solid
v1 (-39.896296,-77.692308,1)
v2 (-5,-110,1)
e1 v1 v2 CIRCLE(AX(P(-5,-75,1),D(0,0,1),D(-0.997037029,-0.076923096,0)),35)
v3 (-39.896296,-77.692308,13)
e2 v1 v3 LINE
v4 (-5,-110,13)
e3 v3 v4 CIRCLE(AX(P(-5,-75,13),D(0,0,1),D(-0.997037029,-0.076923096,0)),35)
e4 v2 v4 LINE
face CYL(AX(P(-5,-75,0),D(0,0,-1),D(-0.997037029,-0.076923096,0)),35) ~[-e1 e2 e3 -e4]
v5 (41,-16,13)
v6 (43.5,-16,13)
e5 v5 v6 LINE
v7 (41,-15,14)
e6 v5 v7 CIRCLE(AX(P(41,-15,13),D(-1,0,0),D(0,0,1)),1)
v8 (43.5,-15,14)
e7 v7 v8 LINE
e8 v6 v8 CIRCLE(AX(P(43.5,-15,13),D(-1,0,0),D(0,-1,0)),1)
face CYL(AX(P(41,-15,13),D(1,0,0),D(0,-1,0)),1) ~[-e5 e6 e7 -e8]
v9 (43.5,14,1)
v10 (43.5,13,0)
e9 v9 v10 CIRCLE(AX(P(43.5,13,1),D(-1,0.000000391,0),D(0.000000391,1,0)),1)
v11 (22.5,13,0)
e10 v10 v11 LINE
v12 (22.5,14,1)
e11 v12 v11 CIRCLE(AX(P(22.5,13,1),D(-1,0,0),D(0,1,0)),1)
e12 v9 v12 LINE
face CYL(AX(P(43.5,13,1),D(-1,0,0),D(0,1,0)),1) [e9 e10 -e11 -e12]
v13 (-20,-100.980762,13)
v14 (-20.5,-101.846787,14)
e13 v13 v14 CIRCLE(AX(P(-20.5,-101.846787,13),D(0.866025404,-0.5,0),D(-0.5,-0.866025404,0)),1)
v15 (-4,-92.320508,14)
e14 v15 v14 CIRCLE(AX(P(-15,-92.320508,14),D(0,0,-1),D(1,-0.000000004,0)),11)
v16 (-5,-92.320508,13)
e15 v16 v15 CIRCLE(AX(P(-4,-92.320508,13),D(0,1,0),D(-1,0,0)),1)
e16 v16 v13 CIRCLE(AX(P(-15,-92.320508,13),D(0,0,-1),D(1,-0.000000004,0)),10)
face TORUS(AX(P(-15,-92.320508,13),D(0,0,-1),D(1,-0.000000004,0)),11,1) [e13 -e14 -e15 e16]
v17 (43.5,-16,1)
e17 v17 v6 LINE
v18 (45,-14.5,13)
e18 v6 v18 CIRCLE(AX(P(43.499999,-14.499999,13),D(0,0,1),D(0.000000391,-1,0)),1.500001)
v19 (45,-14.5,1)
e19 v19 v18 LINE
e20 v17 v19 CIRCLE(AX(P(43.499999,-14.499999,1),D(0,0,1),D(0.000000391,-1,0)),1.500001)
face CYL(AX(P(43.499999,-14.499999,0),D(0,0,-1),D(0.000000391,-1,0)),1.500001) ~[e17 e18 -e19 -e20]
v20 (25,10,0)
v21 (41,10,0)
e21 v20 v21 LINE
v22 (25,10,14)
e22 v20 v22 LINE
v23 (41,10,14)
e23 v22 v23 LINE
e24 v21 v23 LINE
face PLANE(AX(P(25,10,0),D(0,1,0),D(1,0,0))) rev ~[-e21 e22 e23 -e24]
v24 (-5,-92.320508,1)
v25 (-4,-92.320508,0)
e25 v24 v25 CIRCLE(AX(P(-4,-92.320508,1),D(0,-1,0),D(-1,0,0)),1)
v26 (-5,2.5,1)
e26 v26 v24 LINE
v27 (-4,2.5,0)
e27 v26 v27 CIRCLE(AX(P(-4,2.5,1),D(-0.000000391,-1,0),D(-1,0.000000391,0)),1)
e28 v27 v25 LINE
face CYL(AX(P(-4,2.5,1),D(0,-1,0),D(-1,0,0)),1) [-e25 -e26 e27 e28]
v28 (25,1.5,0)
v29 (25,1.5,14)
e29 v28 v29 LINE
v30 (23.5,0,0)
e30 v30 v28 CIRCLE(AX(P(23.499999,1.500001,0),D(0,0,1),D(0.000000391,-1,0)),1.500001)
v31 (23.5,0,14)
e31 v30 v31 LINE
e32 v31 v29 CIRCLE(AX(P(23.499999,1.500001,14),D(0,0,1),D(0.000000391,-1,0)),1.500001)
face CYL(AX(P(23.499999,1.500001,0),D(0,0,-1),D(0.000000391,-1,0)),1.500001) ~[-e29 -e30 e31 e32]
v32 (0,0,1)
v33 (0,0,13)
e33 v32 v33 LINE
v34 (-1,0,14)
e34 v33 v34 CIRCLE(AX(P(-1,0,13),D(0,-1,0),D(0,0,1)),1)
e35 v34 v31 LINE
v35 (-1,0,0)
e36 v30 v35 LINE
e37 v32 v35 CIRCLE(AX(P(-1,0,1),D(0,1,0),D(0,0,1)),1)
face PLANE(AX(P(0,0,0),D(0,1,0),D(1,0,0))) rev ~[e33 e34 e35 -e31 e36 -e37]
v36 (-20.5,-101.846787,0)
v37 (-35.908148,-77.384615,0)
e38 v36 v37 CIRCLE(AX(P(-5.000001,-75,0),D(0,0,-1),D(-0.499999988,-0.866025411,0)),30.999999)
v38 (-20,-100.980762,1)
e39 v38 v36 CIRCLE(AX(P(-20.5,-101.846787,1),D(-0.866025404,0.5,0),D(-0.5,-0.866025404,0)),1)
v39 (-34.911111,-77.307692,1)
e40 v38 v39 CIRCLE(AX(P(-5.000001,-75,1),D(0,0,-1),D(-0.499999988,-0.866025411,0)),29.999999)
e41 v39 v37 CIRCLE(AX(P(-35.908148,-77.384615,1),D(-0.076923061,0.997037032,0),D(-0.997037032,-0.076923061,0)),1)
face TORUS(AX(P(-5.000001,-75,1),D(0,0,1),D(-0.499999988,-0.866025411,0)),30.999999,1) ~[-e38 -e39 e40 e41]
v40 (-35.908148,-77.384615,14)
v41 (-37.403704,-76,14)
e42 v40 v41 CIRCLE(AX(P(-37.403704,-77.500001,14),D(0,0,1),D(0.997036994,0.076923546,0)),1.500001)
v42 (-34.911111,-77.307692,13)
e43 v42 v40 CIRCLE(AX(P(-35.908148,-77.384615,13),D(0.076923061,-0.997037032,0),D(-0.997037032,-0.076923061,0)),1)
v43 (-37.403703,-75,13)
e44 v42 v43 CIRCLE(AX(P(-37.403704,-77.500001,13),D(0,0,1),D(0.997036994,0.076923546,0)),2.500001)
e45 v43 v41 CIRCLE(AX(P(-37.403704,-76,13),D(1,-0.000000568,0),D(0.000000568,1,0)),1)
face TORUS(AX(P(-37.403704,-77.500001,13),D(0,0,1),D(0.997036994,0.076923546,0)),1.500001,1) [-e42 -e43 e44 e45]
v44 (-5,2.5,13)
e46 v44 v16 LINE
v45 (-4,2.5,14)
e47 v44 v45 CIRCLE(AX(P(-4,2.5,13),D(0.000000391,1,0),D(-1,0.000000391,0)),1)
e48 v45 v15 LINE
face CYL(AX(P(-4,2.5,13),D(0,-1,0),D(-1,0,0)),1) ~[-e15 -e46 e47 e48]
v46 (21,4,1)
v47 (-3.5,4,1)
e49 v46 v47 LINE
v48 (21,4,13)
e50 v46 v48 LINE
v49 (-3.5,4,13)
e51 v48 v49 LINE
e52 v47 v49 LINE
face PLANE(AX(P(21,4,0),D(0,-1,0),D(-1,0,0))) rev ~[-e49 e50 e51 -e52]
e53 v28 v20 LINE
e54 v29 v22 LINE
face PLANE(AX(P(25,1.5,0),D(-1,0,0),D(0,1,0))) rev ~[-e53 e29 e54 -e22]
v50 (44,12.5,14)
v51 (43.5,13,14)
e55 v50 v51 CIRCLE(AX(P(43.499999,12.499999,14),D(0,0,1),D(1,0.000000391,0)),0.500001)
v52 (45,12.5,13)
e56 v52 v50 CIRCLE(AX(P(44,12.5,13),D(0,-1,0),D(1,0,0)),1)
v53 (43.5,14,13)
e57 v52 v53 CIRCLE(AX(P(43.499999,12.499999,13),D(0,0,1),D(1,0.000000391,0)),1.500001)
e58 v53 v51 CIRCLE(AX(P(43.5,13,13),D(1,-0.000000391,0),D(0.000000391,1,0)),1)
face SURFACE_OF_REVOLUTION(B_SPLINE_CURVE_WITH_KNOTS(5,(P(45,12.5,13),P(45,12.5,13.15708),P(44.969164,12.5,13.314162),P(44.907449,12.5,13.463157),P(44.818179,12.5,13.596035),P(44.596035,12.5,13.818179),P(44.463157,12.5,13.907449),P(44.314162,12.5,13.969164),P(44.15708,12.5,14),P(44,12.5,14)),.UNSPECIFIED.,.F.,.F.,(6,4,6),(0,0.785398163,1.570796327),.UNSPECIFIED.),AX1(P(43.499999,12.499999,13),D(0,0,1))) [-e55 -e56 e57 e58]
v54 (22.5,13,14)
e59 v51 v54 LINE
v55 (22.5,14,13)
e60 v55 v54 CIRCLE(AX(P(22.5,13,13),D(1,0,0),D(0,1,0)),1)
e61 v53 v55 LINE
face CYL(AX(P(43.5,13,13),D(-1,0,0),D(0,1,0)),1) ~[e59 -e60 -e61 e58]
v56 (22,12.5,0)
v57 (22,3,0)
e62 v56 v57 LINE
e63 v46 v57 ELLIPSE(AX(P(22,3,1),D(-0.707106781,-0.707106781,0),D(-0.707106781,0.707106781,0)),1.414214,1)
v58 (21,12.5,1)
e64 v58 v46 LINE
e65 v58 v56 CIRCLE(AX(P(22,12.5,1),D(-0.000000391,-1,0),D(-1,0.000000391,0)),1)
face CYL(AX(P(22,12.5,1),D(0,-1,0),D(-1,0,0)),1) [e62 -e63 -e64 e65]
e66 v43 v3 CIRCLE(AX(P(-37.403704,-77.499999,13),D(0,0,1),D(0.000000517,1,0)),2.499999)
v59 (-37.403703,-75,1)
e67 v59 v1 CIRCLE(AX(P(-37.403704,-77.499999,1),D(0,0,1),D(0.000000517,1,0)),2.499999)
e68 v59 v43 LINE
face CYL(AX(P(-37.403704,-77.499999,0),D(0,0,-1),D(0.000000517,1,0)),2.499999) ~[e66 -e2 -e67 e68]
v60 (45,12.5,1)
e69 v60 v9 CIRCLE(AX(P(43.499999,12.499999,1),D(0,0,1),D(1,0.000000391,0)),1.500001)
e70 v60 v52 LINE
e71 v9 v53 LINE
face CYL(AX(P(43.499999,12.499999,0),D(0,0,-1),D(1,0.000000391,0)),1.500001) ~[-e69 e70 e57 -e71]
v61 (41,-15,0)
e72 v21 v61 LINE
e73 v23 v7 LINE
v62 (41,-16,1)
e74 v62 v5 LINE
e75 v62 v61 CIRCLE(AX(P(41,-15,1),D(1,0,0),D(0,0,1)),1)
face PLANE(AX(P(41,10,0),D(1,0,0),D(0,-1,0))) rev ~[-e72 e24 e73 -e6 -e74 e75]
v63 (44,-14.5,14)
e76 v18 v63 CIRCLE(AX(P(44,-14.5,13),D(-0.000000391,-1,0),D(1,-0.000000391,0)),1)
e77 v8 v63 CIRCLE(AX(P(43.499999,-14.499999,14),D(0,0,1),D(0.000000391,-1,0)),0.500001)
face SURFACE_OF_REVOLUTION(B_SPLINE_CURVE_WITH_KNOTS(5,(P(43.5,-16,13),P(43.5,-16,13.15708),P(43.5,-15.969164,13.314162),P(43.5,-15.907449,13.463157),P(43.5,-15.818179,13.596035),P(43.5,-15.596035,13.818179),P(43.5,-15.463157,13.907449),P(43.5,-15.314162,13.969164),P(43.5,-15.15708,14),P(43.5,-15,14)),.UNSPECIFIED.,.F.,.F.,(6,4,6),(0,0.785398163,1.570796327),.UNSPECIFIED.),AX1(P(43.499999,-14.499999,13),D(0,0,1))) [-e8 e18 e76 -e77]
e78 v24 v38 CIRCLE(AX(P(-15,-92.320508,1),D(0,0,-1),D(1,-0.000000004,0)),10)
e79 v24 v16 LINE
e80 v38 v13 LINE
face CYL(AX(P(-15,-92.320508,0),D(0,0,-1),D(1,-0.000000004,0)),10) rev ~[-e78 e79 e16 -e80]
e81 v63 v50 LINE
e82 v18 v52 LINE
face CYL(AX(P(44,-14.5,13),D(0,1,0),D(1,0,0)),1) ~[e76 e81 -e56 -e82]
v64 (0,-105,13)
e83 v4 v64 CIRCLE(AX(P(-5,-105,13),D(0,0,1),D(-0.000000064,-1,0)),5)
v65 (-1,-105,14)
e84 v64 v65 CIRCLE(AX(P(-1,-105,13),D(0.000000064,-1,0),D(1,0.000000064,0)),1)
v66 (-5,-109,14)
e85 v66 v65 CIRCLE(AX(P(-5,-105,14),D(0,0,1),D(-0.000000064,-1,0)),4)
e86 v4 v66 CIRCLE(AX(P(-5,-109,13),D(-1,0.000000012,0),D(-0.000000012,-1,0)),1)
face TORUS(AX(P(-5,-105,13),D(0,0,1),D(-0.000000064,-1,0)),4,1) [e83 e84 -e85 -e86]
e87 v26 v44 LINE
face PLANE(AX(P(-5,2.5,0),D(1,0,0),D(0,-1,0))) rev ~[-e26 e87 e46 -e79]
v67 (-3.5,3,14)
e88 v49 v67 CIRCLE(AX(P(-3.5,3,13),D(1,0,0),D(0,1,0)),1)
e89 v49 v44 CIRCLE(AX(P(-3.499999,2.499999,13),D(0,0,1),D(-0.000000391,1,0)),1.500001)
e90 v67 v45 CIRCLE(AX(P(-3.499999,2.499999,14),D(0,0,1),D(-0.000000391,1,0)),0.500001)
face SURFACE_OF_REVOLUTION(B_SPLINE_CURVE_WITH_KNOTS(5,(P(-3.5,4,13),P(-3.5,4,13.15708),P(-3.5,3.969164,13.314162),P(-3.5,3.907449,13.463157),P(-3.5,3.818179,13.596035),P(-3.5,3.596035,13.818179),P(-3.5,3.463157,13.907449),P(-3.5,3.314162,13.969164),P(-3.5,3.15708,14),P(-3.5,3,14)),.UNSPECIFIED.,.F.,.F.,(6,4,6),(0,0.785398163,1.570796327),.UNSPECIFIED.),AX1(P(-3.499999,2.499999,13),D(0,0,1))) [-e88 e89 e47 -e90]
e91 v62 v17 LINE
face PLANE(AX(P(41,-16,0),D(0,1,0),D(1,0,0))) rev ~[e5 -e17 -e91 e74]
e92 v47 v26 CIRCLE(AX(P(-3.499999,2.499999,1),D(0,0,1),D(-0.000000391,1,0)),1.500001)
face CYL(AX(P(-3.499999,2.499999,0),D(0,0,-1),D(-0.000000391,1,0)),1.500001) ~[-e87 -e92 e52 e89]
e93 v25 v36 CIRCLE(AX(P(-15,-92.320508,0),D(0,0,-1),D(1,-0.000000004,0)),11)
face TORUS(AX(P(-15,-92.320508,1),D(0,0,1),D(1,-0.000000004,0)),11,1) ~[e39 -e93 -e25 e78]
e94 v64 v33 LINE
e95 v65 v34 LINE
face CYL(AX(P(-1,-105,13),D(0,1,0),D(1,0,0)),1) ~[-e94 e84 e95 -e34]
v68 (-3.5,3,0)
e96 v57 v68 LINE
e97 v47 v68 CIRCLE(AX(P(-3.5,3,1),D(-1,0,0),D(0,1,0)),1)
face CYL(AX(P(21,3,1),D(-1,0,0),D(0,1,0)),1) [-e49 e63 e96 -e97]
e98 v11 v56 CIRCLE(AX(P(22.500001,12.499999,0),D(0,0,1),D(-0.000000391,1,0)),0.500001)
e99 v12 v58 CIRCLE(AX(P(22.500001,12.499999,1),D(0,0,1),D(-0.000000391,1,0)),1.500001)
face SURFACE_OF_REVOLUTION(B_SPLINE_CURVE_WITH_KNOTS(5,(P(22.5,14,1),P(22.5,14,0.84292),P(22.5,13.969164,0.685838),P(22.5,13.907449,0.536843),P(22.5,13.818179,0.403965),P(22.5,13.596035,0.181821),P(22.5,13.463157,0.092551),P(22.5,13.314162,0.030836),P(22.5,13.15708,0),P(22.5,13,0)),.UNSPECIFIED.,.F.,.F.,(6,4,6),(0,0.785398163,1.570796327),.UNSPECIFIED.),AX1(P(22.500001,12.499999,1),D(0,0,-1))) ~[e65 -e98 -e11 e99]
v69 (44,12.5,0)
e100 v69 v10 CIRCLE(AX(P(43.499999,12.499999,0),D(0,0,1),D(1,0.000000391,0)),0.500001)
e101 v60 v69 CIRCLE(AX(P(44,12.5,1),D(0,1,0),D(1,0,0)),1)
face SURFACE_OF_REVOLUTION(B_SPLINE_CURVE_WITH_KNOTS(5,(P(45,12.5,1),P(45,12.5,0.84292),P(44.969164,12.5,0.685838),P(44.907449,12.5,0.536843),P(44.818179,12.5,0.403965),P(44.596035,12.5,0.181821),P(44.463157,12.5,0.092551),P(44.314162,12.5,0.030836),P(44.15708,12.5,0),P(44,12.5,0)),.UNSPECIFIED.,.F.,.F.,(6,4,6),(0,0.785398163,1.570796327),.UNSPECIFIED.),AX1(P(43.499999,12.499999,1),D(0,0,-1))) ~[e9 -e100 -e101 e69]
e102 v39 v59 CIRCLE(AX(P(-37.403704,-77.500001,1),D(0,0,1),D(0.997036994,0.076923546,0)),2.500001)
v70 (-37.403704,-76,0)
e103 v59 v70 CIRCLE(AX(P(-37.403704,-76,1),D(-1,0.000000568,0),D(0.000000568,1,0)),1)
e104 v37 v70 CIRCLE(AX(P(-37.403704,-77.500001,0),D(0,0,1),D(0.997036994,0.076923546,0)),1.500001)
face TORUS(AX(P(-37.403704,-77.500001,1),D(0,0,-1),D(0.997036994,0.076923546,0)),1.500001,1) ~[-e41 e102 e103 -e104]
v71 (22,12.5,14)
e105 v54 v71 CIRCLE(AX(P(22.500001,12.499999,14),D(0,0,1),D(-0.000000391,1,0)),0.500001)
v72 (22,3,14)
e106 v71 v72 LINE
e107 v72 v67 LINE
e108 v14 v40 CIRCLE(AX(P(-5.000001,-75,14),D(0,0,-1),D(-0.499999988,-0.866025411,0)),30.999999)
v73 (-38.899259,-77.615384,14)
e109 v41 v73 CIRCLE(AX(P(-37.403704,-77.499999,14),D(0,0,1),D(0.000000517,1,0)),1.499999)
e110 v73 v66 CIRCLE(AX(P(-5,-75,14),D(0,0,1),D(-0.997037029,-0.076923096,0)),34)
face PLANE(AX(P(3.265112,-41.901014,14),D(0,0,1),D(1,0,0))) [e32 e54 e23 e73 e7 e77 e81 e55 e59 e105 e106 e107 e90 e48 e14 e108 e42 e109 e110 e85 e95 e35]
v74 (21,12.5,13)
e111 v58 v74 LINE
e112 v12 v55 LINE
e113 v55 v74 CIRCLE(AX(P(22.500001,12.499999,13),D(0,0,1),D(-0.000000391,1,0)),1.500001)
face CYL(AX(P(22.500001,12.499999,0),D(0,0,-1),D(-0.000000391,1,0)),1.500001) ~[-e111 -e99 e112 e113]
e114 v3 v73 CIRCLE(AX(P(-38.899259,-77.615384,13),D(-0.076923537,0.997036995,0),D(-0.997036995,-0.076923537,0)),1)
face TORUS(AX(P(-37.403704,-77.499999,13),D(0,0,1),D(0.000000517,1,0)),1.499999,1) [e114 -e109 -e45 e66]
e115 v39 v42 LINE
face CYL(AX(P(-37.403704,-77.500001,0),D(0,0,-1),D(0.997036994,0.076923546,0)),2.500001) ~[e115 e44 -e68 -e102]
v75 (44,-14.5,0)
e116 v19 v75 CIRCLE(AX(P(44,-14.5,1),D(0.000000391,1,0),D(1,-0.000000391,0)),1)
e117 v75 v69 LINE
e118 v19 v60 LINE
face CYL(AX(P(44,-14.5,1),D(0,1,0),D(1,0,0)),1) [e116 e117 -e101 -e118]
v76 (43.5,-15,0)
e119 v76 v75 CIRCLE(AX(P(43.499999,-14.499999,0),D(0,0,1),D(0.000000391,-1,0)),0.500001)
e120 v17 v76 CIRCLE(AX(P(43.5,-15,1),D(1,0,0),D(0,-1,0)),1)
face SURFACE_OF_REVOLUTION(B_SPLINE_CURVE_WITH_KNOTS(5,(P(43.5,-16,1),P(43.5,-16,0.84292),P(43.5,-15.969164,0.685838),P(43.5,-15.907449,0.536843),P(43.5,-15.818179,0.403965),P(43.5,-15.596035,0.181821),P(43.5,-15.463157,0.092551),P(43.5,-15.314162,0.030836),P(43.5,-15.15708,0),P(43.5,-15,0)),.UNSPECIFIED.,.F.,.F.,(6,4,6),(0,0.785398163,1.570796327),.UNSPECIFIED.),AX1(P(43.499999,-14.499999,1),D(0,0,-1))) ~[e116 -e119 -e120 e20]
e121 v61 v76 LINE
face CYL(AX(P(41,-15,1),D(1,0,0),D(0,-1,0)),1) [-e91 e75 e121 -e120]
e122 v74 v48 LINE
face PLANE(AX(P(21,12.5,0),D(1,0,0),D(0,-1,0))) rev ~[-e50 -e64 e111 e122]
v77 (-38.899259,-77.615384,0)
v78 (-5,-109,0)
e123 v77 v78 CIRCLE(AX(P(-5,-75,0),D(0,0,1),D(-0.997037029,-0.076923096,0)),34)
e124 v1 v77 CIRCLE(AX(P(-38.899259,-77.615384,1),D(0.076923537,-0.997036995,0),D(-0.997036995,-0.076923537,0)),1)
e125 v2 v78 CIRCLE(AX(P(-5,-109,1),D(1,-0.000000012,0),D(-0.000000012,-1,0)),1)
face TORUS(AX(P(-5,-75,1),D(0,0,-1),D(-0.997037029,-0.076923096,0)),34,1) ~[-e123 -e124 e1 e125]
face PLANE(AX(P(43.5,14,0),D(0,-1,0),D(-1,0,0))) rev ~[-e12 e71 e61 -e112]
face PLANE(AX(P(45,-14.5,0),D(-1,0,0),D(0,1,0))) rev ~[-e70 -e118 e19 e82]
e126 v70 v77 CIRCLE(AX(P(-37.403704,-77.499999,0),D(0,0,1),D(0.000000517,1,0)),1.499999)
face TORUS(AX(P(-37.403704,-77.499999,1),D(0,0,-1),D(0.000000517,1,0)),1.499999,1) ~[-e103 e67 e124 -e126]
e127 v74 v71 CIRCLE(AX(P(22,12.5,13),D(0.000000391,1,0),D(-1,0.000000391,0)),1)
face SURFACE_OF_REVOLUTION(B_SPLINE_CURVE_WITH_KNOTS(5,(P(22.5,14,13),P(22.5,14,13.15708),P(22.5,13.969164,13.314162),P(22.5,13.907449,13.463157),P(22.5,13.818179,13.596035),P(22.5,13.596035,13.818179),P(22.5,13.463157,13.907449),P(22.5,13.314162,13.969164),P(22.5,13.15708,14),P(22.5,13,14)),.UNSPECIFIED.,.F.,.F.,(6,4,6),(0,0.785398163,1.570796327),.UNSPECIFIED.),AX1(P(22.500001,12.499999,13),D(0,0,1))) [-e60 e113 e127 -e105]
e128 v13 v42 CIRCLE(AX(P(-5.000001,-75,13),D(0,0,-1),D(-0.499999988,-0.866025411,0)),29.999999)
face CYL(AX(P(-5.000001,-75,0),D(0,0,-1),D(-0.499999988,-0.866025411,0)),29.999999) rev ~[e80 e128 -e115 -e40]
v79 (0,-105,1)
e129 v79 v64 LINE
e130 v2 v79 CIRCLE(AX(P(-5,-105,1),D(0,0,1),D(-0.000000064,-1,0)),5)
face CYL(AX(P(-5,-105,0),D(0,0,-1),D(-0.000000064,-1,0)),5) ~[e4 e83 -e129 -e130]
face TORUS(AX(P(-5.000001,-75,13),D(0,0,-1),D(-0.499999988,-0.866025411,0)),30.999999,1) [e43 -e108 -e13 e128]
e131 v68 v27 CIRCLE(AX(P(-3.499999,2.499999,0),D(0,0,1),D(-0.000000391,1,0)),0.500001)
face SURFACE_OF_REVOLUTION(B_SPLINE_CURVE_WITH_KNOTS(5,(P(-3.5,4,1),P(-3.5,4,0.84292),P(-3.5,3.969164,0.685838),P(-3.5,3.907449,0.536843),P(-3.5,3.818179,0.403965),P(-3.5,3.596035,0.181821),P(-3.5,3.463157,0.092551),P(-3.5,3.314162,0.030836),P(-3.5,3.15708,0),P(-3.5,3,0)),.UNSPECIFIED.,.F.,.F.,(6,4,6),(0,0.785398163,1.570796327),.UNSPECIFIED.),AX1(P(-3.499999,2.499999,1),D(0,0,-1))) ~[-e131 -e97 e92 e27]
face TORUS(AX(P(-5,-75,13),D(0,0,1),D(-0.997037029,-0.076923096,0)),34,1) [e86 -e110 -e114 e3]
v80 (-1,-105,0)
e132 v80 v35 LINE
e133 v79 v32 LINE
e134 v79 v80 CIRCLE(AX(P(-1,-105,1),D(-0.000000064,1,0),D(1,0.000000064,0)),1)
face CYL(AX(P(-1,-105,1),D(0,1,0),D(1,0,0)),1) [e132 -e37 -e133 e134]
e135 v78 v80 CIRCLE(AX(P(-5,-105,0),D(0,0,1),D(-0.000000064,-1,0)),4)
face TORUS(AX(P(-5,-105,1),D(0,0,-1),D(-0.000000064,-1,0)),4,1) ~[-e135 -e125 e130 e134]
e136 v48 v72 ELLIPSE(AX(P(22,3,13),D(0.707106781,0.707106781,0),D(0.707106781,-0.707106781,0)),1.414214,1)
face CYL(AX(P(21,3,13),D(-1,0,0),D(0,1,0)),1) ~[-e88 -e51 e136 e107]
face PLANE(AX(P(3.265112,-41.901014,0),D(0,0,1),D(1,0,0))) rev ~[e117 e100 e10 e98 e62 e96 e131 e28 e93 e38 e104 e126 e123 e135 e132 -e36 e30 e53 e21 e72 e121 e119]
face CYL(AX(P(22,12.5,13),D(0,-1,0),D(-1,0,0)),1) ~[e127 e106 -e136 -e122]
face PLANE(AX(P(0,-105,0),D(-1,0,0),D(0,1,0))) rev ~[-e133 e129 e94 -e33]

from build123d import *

# Parameters (mm, degrees)
F1_DEPTH = 14
F2_R     = 1


with BuildPart() as f1:
    # F0 (on Top) → F1 (new body)
    with BuildSketch(Plane.XY):
        with BuildLine():
            ThreePointArc((43.5, -16), (44.56066, -15.56066), (45, -14.5))
            Line((45, -14.5), (45, 12.5))
            ThreePointArc((45, 12.5), (44.56066, 13.56066), (43.5, 14))
            Line((43.5, 14), (22.5, 14))
            ThreePointArc((22.5, 14), (21.43934, 13.56066), (21, 12.5))
            Line((21, 12.5), (21, 4))
            Line((21, 4), (-3.5, 4))
            ThreePointArc((-3.5, 4), (-4.56066, 3.56066), (-5, 2.5))
            Line((-5, 2.5), (-5, -92.320508))
            ThreePointArc((-5, -92.320508), (-10, -100.980762), (-20, -100.980762))
            ThreePointArc((-20, -100.980762), (-30.384159, -90.988886), (-34.911111, -77.307692))
            ThreePointArc((-34.911111, -77.307692), (-35.705288, -75.665502), (-37.403703, -75))
            ThreePointArc((-37.403703, -75), (-39.238202, -75.801584), (-39.896296, -77.692308))
            ThreePointArc((-39.896296, -77.692308), (-28.777818, -100.682978), (-5, -110))
            ThreePointArc((-5, -110), (-1.464466, -108.535534), (0, -105))
            Line((0, -105), (0, 0))
            Line((0, 0), (23.5, 0))
            ThreePointArc((23.5, 0), (24.56066, 0.43934), (25, 1.5))
            Line((25, 1.5), (25, 10))
            Line((25, 10), (41, 10))
            Line((41, 10), (41, -16))
            Line((41, -16), (43.5, -16))
        make_face()
    extrude(amount=F1_DEPTH)

    # F2
    f2_edges = [f1.edges().sort_by_distance(p)[0] for p in [
        (45, -1, 14),
        (44.56066, 13.56066, 14),
        (33, 14, 14),
        (8.75, 4, 14),
        (-5, -44.910254, 0),
        (21, 8.25, 0),
    ]]
    fillet(f2_edges, radius=F2_R)


solid = f1.part
